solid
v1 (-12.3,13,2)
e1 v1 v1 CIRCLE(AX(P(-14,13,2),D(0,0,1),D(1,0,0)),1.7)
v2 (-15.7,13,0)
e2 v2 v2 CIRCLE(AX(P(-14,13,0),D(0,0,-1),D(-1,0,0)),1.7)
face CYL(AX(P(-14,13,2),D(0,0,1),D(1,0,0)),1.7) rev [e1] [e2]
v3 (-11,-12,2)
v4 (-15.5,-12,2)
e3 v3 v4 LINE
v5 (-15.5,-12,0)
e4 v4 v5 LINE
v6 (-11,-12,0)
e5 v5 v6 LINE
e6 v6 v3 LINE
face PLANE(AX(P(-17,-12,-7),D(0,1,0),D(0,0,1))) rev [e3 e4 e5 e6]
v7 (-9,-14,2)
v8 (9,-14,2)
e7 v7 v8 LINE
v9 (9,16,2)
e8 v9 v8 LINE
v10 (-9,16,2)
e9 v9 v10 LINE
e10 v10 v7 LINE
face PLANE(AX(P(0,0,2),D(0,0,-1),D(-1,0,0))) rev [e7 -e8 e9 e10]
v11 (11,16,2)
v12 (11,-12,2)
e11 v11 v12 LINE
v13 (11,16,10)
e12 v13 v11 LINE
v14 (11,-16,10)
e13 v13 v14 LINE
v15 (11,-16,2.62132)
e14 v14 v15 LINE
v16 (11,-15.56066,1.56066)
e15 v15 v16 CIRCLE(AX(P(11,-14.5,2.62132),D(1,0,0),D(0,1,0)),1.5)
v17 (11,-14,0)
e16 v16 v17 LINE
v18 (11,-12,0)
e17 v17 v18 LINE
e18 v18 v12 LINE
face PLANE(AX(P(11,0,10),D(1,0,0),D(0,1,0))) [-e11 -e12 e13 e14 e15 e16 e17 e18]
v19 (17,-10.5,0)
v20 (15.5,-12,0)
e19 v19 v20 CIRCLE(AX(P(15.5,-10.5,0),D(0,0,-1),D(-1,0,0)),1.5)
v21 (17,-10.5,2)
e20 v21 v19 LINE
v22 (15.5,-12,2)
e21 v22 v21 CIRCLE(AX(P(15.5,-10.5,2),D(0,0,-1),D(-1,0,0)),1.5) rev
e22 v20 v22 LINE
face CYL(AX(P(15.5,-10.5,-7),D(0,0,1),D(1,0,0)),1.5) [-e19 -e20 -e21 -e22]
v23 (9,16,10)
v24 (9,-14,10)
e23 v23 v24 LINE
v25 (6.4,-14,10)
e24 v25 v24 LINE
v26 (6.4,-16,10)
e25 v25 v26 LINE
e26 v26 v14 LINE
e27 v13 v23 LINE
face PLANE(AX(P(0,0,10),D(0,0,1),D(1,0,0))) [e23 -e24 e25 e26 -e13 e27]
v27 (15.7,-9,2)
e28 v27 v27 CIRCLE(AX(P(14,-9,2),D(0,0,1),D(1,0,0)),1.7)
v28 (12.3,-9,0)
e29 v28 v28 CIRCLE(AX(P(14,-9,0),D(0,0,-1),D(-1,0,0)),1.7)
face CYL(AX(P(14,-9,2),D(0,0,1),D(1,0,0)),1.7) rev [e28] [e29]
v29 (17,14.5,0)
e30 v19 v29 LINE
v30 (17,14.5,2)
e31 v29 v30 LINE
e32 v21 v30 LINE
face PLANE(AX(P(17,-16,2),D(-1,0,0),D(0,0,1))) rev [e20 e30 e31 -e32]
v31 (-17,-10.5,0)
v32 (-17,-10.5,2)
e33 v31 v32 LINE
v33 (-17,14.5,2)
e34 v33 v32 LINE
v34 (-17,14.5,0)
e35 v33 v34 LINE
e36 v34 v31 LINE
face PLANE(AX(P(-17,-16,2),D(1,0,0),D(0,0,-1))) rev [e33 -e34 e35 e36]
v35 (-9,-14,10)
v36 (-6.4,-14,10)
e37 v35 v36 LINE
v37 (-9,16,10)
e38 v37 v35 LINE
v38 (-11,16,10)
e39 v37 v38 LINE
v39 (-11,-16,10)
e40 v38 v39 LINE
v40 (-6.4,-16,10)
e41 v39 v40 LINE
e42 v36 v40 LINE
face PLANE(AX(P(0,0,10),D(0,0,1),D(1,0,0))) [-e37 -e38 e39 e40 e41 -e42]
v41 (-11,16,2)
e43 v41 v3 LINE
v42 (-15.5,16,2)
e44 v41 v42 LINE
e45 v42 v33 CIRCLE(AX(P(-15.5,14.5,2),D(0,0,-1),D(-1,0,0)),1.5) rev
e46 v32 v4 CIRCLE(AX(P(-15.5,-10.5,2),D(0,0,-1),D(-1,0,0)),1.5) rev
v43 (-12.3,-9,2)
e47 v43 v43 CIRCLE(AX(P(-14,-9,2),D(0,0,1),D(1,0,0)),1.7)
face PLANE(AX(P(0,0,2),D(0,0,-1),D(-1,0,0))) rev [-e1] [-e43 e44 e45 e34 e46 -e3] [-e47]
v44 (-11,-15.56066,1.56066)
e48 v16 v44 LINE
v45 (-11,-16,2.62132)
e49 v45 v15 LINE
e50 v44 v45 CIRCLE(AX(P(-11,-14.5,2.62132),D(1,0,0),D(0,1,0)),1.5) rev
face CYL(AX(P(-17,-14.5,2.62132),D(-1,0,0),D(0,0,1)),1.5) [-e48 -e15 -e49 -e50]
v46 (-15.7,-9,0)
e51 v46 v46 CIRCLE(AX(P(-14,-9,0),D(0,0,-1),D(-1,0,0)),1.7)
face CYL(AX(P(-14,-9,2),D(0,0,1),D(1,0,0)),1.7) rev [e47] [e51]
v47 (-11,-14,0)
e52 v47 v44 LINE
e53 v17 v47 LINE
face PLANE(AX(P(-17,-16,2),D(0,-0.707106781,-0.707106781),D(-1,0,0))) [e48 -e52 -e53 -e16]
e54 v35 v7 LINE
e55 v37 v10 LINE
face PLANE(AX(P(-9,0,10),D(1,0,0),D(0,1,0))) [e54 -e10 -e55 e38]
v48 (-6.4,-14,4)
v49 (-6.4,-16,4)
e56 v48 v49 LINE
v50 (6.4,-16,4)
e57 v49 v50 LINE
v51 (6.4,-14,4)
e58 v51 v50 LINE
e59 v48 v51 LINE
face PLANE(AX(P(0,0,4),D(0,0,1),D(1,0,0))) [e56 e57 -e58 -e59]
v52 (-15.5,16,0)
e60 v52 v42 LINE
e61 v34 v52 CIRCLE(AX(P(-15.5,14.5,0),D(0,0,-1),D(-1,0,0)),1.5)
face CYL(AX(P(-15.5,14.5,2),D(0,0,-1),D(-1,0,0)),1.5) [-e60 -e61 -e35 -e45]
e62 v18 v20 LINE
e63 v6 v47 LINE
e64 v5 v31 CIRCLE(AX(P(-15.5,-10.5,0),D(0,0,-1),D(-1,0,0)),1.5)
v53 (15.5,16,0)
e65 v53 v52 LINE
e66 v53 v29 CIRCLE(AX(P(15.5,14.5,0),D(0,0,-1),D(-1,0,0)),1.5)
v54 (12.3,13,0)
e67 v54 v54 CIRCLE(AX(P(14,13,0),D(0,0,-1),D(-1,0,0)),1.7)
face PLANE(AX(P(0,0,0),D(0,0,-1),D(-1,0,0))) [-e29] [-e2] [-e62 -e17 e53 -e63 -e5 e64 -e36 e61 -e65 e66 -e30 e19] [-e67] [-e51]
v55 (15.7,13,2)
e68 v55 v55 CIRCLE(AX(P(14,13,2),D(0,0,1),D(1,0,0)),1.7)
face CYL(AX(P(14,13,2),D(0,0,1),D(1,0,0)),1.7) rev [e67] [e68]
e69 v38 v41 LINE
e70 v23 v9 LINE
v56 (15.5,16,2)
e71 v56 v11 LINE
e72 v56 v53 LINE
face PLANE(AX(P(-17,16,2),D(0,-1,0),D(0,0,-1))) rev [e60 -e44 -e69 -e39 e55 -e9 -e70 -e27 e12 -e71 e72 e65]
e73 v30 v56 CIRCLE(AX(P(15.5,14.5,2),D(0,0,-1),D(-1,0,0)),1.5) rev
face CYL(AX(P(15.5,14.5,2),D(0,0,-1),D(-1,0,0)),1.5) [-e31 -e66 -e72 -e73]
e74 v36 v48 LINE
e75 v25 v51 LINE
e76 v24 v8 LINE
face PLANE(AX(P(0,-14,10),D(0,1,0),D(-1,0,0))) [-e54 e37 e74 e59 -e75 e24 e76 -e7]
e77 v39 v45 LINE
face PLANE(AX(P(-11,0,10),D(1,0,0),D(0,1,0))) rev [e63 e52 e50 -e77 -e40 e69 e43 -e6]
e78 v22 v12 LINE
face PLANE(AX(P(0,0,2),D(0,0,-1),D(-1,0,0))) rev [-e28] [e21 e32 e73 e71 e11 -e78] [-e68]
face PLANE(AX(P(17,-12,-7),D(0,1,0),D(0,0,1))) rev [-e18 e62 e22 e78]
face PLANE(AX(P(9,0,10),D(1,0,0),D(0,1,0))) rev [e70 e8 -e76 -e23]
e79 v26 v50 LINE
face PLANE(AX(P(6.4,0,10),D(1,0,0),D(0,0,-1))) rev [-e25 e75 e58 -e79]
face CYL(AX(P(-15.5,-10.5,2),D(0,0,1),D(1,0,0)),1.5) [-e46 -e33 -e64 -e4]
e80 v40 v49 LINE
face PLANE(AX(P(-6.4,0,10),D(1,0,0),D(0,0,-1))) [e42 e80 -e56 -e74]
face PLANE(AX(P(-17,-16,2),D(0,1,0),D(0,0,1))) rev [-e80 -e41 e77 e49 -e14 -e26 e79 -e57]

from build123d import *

# Parameters (mm, degrees)
SKETCH1_W                = 34
SKETCH1_H                = 32
BOSS_EXTRUDE1_DEPTH      = 2
BOSS_EXTRUDE2_DEPTH      = 8
SKETCH2_4_W              = 12.8
SKETCH2_4_H              = 2
BOSS_EXTRUDE3_DEPTH      = 2
SKETCH3_W                = 6
SKETCH3_H                = 4
CUT_EXTRUDE1_DEPTH       = 9
M3_CLEARANCE_HOLE1_D     = 3.4
M3_CLEARANCE_HOLE1_DEPTH = 10
M3_CLEARANCE_HOLE1_TIP   = 1.021463052
FILLET1_R                = 1.5
CHAMFER1_SIZE            = 2
FILLET2_R                = 1.5


with BuildPart() as part:
    # Sketch1 → Boss-Extrude1 (new body)
    with BuildSketch(Plane.XY):
        Rectangle(SKETCH1_W, SKETCH1_H)
    extrude(amount=BOSS_EXTRUDE1_DEPTH)

    # Sketch2 → Boss-Extrude2 (add)
    with BuildSketch(Plane.XY.offset(2)):
        Polygon((-9, 16), (-11, 16), (-11, -16), (-6.4, -16), (-6.4, -14), (-9, -14), align=None)
        Polygon((11, 16), (9, 16), (9, -14), (6.4, -14), (6.4, -16), (11, -16), align=None)
    extrude(amount=BOSS_EXTRUDE2_DEPTH)

    # Sketch2<4> → Boss-Extrude3 (add)
    with BuildSketch(Plane.XY.offset(2)):
        with Locations((0, -15)):
            Rectangle(SKETCH2_4_W, SKETCH2_4_H)
    extrude(amount=BOSS_EXTRUDE3_DEPTH)

    # Sketch3 → Cut-Extrude1 (cut)
    with BuildSketch(Plane.XY.offset(2)):
        with Locations((-14, -14)):
            Rectangle(SKETCH3_W, SKETCH3_H)
        with Locations((14, -14)):
            Rectangle(SKETCH3_W, SKETCH3_H)
    extrude(amount=-CUT_EXTRUDE1_DEPTH, mode=Mode.SUBTRACT)

    # M3 Clearance Hole1
    with Locations(Plane.XY.offset(2)):
        with Locations((-14, 13), (14, -9), (-14, -9), (14, 13)):
            Hole(M3_CLEARANCE_HOLE1_D / 2, depth=M3_CLEARANCE_HOLE1_DEPTH)
            with Locations((0, 0, -(M3_CLEARANCE_HOLE1_DEPTH + M3_CLEARANCE_HOLE1_TIP / 2))):  # 118° drill point
                Cone(0, M3_CLEARANCE_HOLE1_D / 2, M3_CLEARANCE_HOLE1_TIP, mode=Mode.SUBTRACT)

    # Fillet1
    fillet1_edges = [part.edges().sort_by_distance(p)[0] for p in [
        (-17, 16, 1),
        (17, 16, 1),
        (17, -12, 1),
        (-17, -12, 1),
    ]]
    fillet(fillet1_edges, radius=FILLET1_R)

    # Chamfer1
    chamfer1_edges = [part.edges().sort_by_distance(p)[0] for p in [
        (0, -16, 0),
    ]]
    chamfer(chamfer1_edges, length=CHAMFER1_SIZE)

    # Fillet2
    fillet2_edges = [part.edges().sort_by_distance(p)[0] for p in [
        (0, -16, 2),
    ]]
    fillet(fillet2_edges, radius=FILLET2_R)


solid = part.part
